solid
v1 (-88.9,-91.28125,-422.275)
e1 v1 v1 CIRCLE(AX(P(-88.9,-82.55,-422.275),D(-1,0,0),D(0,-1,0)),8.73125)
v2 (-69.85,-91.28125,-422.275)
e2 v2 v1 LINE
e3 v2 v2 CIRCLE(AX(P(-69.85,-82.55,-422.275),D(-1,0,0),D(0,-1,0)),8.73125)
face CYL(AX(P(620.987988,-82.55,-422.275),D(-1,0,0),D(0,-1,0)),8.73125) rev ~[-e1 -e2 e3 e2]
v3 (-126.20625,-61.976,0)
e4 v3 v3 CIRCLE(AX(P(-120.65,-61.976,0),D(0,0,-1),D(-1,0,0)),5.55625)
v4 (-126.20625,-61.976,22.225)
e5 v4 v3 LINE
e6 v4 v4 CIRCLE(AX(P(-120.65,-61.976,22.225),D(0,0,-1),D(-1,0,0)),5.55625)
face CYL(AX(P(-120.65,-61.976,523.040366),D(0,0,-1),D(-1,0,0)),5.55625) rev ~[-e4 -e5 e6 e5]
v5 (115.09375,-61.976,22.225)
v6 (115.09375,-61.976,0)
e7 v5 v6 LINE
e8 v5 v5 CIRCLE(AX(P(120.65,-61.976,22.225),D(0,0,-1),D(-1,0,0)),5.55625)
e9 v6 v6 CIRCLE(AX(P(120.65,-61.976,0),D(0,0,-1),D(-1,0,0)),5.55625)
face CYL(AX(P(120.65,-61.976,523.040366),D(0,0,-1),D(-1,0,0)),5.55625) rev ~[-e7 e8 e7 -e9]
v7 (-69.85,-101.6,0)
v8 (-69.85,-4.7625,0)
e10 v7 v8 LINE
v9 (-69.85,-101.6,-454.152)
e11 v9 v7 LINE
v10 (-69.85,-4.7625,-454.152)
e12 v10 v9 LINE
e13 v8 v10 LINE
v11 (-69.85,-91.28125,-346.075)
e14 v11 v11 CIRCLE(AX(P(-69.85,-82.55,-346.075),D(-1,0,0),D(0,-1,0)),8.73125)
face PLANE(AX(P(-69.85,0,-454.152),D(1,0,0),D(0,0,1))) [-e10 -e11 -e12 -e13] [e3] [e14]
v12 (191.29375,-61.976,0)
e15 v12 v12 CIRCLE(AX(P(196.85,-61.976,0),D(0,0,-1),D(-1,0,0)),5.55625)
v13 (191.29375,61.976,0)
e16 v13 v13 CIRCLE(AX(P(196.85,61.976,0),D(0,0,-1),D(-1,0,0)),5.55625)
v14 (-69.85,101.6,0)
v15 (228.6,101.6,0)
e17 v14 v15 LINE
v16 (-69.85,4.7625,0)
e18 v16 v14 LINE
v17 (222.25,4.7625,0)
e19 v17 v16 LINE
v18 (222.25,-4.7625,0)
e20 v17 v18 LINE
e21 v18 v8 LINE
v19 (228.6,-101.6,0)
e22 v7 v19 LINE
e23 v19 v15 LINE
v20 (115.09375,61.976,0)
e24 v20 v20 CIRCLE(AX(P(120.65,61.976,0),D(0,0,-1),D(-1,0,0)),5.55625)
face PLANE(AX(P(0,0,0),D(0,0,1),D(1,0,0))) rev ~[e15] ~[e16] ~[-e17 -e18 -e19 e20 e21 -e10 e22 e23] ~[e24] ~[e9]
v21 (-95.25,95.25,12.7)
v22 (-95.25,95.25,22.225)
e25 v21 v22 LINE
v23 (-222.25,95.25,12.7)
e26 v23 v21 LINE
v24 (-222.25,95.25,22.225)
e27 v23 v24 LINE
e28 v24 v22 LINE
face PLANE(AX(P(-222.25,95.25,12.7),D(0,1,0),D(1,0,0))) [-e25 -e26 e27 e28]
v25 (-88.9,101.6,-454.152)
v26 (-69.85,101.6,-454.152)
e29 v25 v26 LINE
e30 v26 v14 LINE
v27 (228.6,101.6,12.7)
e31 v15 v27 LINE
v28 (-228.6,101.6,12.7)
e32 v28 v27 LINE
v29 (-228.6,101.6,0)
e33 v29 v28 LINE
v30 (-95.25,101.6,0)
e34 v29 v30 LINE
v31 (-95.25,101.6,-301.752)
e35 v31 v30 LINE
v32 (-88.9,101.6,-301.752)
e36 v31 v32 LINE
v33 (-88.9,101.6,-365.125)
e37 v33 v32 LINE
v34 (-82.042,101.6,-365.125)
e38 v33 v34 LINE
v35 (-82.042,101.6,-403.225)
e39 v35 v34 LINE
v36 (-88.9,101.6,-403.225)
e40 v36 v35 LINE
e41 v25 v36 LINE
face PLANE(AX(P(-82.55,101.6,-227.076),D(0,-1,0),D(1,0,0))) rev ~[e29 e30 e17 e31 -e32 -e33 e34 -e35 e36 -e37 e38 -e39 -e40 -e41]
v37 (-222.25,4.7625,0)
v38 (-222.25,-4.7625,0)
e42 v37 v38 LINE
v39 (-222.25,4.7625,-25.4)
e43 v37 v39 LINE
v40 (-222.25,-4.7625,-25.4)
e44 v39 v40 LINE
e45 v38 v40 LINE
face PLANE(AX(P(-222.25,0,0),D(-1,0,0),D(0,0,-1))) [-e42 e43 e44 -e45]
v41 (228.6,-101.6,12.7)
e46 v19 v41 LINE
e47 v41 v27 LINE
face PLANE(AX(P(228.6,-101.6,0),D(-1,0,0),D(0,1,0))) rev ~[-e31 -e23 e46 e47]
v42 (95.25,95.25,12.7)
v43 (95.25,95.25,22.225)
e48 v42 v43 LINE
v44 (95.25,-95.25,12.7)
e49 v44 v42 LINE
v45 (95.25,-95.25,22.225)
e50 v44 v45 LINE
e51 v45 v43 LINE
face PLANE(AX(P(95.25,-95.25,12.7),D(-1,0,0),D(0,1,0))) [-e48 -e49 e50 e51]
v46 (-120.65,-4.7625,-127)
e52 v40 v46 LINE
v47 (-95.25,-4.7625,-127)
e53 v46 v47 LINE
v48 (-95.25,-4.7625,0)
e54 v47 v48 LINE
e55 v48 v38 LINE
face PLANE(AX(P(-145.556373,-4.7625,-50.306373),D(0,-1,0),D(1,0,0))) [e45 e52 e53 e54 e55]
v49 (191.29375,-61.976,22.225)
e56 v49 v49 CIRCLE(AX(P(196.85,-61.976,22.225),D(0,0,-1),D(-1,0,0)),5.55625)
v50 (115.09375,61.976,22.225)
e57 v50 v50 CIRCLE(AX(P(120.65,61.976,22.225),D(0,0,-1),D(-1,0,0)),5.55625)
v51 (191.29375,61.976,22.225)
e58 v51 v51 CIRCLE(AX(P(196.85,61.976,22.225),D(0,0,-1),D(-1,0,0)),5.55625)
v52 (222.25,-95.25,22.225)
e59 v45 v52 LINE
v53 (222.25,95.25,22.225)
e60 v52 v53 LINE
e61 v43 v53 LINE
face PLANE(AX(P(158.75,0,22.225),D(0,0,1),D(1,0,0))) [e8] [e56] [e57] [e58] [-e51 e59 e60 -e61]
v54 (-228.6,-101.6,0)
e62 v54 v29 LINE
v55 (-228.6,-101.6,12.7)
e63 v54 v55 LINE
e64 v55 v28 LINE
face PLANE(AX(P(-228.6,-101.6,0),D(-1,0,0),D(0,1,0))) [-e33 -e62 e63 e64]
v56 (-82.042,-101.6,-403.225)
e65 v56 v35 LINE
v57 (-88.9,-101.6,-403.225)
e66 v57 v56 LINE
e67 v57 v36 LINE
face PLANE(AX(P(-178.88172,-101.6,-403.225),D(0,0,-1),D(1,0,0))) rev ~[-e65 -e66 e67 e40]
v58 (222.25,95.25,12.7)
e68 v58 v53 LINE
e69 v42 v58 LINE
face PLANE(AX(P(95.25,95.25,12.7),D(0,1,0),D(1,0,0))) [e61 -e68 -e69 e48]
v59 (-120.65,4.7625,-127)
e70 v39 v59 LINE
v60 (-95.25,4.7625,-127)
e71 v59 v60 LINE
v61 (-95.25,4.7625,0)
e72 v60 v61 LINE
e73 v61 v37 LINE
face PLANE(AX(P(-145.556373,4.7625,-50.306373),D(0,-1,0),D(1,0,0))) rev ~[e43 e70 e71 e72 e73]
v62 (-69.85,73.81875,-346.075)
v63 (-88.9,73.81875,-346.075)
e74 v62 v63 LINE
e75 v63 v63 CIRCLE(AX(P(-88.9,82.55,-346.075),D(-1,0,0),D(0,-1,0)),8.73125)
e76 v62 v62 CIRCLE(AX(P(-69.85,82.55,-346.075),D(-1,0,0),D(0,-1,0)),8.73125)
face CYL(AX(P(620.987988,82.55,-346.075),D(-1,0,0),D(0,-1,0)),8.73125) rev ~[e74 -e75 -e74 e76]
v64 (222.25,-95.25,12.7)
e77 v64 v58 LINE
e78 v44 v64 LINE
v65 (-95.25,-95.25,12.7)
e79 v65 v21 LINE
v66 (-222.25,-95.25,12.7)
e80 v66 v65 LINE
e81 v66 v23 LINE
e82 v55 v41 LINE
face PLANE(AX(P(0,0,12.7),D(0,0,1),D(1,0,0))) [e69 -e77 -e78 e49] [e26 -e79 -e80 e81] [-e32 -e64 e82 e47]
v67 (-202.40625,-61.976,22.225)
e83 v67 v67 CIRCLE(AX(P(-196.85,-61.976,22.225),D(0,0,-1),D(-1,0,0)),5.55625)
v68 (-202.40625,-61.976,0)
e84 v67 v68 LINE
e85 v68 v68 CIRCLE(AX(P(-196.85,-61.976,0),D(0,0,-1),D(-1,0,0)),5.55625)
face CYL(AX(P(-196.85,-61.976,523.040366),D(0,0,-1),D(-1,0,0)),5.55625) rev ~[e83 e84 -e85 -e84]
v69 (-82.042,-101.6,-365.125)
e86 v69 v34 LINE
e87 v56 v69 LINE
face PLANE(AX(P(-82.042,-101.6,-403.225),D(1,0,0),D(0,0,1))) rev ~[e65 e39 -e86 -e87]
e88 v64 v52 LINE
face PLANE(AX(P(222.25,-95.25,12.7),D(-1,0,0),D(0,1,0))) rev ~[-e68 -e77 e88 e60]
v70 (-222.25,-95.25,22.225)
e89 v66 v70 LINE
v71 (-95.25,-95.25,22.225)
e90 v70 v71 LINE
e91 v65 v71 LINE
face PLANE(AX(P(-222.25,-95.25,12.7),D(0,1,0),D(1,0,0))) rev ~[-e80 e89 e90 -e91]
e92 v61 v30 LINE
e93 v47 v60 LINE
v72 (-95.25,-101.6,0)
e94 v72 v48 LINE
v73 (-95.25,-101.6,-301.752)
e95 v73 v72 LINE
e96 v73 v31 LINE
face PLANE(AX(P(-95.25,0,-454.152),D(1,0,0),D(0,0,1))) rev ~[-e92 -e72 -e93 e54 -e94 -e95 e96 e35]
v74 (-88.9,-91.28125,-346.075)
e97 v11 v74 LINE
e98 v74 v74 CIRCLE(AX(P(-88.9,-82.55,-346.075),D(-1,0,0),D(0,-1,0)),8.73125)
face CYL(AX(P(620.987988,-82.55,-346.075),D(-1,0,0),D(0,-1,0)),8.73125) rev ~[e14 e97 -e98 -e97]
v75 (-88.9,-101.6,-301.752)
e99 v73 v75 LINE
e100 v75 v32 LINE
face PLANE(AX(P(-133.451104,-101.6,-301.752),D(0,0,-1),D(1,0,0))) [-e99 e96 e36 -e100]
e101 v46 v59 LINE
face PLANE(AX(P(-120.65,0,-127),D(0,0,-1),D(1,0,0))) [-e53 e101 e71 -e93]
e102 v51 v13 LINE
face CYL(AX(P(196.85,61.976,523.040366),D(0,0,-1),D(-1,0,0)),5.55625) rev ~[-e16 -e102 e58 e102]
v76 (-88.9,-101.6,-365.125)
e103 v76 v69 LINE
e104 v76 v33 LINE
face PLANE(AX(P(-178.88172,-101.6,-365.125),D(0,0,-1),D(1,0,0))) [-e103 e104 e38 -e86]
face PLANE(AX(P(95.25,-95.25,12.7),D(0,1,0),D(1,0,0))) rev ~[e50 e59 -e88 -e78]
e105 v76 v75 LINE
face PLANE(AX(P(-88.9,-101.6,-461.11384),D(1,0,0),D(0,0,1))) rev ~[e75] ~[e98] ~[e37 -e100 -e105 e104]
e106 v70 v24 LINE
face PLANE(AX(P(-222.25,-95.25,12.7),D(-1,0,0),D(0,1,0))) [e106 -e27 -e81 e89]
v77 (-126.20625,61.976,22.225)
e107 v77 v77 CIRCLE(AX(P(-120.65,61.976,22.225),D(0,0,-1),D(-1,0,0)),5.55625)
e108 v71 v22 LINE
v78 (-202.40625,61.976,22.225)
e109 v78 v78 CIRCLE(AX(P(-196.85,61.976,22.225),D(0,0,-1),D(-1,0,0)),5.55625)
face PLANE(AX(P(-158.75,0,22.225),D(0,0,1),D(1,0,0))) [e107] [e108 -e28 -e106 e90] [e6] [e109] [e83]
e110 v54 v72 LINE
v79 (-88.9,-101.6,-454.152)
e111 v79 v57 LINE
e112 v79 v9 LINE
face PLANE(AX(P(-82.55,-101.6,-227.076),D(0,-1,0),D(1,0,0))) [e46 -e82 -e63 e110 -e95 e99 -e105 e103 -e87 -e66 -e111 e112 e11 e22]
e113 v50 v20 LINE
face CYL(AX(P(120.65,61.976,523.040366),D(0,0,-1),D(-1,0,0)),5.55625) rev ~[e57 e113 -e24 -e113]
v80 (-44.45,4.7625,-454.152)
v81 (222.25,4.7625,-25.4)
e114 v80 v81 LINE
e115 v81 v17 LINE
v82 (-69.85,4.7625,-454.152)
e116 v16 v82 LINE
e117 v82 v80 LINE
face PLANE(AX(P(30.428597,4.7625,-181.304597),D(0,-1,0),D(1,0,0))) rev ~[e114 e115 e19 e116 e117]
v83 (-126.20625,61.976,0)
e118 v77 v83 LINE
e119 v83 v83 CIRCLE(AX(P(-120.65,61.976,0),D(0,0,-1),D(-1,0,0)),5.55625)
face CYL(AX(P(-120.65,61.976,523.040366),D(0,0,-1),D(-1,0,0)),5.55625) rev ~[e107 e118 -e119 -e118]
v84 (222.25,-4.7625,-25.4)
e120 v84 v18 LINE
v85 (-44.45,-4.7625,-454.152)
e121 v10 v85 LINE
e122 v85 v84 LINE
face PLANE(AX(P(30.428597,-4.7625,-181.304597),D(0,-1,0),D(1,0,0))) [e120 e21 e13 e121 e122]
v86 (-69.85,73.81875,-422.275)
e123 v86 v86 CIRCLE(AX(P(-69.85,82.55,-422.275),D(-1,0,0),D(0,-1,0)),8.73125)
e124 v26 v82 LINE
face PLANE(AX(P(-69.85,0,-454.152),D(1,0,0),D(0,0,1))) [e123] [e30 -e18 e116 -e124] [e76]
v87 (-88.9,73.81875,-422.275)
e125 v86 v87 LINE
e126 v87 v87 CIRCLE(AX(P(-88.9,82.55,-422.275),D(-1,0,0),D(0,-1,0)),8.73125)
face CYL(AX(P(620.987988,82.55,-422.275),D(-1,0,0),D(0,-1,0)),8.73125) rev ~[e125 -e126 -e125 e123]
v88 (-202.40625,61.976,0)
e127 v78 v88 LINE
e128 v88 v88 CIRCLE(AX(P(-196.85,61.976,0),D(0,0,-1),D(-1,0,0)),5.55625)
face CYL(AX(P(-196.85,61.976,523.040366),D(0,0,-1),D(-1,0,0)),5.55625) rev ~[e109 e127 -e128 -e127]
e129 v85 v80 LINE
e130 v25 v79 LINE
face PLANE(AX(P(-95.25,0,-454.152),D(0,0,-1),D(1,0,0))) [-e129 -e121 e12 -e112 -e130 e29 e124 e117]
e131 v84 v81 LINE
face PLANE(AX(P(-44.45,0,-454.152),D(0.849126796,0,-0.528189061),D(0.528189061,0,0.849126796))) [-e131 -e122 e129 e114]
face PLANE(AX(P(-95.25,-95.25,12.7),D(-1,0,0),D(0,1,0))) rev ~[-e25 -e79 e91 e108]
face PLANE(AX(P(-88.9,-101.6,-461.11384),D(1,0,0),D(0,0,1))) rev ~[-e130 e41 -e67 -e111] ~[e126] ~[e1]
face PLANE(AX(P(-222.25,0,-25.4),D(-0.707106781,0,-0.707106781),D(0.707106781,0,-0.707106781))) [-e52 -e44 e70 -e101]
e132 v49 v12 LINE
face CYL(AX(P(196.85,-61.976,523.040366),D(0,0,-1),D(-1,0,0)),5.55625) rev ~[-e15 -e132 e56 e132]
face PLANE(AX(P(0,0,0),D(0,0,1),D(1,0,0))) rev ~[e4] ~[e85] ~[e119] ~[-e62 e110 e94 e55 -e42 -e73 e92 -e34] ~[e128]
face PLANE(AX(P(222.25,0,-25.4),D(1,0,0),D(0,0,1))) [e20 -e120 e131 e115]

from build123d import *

# Parameters (mm, degrees)
F0_W      = 457.2
F0_H      = 203.2
F1_DEPTH  = 12.7
F2_W      = 127
F2_H      = 190.5
F3_DEPTH  = 9.525
F5_D      = 11.1125
F7_DEPTH  = 4.7625
F9_DEPTH  = 4.7625
F10_W     = 25.4
F10_H     = 454.152
F11_DEPTH = 101.6
F12_W     = 44.551104
F12_H     = 159.36184
F13_DEPTH = 203.201
F14_W     = 96.83972
F14_H     = 38.1
F15_DEPTH = 203.201
F17_D     = 17.4625


with BuildPart() as f1:
    # F0 (on Top) → F1 (new body)
    with BuildSketch(Plane.XY):
        Rectangle(F0_W, F0_H)
    extrude(amount=F1_DEPTH)

    # F2 (on face) → F3 (join)
    with BuildSketch(Plane.XY.offset(12.7)):
        with Locations((158.75, 0)):
            Rectangle(F2_W, F2_H)
        with Locations((-158.75, 0)):
            Rectangle(F2_W, F2_H)
    extrude(amount=F3_DEPTH)

    # F5 (through all)
    with Locations(Plane.XY.offset(22.225)):
        with Locations((-196.85, 61.976), (-120.65, 61.976), (-196.85, -61.976), (-120.65, -61.976), (120.65, 61.976), (196.85, 61.976), (196.85, -61.976), (120.65, -61.976)):
            Hole(F5_D / 2)

    # F6 (on Front) → F7 (join, symmetric)
    with BuildSketch(Plane.XZ):
        Polygon((-95.25, 0), (-222.25, 0), (-222.25, -25.4), (-120.65, -127), (-95.25, -127), align=None)
    extrude(amount=F7_DEPTH, both=True)

    # F8 (on Front) → F9 (join, symmetric)
    with BuildSketch(Plane.XZ):
        Polygon((222.25, -25.4), (222.25, 0), (-69.85, 0), (-69.85, -454.152), (-44.45, -454.152), align=None)
    extrude(amount=F9_DEPTH, both=True)

    # F10 (on Front) → F11 (join, symmetric)
    with BuildSketch(Plane.XZ):
        with Locations((-82.55, -227.076)):
            Rectangle(F10_W, F10_H)
    extrude(amount=F11_DEPTH, both=True)

    # F12 (on face) → F13 (cut, through all)
    with BuildSketch(Plane.XZ.offset(101.6)):
        with Locations((-111.175552, -381.43292)):
            Rectangle(F12_W, F12_H)
    extrude(amount=-F13_DEPTH, mode=Mode.SUBTRACT)

    # F14 (on face) → F15 (cut, through all)
    with BuildSketch(Plane.XZ.offset(101.6)):
        with Locations((-130.46186, -384.175)):
            Rectangle(F14_W, F14_H)
    extrude(amount=-F15_DEPTH, mode=Mode.SUBTRACT)

    # F17 (through all)
    with Locations(Plane.YZ.offset(-69.85)):
        with Locations((-82.55, -346.075), (-82.55, -422.275), (82.55, -422.275), (82.55, -346.075)):
            Hole(F17_D / 2)


solid = f1.part
